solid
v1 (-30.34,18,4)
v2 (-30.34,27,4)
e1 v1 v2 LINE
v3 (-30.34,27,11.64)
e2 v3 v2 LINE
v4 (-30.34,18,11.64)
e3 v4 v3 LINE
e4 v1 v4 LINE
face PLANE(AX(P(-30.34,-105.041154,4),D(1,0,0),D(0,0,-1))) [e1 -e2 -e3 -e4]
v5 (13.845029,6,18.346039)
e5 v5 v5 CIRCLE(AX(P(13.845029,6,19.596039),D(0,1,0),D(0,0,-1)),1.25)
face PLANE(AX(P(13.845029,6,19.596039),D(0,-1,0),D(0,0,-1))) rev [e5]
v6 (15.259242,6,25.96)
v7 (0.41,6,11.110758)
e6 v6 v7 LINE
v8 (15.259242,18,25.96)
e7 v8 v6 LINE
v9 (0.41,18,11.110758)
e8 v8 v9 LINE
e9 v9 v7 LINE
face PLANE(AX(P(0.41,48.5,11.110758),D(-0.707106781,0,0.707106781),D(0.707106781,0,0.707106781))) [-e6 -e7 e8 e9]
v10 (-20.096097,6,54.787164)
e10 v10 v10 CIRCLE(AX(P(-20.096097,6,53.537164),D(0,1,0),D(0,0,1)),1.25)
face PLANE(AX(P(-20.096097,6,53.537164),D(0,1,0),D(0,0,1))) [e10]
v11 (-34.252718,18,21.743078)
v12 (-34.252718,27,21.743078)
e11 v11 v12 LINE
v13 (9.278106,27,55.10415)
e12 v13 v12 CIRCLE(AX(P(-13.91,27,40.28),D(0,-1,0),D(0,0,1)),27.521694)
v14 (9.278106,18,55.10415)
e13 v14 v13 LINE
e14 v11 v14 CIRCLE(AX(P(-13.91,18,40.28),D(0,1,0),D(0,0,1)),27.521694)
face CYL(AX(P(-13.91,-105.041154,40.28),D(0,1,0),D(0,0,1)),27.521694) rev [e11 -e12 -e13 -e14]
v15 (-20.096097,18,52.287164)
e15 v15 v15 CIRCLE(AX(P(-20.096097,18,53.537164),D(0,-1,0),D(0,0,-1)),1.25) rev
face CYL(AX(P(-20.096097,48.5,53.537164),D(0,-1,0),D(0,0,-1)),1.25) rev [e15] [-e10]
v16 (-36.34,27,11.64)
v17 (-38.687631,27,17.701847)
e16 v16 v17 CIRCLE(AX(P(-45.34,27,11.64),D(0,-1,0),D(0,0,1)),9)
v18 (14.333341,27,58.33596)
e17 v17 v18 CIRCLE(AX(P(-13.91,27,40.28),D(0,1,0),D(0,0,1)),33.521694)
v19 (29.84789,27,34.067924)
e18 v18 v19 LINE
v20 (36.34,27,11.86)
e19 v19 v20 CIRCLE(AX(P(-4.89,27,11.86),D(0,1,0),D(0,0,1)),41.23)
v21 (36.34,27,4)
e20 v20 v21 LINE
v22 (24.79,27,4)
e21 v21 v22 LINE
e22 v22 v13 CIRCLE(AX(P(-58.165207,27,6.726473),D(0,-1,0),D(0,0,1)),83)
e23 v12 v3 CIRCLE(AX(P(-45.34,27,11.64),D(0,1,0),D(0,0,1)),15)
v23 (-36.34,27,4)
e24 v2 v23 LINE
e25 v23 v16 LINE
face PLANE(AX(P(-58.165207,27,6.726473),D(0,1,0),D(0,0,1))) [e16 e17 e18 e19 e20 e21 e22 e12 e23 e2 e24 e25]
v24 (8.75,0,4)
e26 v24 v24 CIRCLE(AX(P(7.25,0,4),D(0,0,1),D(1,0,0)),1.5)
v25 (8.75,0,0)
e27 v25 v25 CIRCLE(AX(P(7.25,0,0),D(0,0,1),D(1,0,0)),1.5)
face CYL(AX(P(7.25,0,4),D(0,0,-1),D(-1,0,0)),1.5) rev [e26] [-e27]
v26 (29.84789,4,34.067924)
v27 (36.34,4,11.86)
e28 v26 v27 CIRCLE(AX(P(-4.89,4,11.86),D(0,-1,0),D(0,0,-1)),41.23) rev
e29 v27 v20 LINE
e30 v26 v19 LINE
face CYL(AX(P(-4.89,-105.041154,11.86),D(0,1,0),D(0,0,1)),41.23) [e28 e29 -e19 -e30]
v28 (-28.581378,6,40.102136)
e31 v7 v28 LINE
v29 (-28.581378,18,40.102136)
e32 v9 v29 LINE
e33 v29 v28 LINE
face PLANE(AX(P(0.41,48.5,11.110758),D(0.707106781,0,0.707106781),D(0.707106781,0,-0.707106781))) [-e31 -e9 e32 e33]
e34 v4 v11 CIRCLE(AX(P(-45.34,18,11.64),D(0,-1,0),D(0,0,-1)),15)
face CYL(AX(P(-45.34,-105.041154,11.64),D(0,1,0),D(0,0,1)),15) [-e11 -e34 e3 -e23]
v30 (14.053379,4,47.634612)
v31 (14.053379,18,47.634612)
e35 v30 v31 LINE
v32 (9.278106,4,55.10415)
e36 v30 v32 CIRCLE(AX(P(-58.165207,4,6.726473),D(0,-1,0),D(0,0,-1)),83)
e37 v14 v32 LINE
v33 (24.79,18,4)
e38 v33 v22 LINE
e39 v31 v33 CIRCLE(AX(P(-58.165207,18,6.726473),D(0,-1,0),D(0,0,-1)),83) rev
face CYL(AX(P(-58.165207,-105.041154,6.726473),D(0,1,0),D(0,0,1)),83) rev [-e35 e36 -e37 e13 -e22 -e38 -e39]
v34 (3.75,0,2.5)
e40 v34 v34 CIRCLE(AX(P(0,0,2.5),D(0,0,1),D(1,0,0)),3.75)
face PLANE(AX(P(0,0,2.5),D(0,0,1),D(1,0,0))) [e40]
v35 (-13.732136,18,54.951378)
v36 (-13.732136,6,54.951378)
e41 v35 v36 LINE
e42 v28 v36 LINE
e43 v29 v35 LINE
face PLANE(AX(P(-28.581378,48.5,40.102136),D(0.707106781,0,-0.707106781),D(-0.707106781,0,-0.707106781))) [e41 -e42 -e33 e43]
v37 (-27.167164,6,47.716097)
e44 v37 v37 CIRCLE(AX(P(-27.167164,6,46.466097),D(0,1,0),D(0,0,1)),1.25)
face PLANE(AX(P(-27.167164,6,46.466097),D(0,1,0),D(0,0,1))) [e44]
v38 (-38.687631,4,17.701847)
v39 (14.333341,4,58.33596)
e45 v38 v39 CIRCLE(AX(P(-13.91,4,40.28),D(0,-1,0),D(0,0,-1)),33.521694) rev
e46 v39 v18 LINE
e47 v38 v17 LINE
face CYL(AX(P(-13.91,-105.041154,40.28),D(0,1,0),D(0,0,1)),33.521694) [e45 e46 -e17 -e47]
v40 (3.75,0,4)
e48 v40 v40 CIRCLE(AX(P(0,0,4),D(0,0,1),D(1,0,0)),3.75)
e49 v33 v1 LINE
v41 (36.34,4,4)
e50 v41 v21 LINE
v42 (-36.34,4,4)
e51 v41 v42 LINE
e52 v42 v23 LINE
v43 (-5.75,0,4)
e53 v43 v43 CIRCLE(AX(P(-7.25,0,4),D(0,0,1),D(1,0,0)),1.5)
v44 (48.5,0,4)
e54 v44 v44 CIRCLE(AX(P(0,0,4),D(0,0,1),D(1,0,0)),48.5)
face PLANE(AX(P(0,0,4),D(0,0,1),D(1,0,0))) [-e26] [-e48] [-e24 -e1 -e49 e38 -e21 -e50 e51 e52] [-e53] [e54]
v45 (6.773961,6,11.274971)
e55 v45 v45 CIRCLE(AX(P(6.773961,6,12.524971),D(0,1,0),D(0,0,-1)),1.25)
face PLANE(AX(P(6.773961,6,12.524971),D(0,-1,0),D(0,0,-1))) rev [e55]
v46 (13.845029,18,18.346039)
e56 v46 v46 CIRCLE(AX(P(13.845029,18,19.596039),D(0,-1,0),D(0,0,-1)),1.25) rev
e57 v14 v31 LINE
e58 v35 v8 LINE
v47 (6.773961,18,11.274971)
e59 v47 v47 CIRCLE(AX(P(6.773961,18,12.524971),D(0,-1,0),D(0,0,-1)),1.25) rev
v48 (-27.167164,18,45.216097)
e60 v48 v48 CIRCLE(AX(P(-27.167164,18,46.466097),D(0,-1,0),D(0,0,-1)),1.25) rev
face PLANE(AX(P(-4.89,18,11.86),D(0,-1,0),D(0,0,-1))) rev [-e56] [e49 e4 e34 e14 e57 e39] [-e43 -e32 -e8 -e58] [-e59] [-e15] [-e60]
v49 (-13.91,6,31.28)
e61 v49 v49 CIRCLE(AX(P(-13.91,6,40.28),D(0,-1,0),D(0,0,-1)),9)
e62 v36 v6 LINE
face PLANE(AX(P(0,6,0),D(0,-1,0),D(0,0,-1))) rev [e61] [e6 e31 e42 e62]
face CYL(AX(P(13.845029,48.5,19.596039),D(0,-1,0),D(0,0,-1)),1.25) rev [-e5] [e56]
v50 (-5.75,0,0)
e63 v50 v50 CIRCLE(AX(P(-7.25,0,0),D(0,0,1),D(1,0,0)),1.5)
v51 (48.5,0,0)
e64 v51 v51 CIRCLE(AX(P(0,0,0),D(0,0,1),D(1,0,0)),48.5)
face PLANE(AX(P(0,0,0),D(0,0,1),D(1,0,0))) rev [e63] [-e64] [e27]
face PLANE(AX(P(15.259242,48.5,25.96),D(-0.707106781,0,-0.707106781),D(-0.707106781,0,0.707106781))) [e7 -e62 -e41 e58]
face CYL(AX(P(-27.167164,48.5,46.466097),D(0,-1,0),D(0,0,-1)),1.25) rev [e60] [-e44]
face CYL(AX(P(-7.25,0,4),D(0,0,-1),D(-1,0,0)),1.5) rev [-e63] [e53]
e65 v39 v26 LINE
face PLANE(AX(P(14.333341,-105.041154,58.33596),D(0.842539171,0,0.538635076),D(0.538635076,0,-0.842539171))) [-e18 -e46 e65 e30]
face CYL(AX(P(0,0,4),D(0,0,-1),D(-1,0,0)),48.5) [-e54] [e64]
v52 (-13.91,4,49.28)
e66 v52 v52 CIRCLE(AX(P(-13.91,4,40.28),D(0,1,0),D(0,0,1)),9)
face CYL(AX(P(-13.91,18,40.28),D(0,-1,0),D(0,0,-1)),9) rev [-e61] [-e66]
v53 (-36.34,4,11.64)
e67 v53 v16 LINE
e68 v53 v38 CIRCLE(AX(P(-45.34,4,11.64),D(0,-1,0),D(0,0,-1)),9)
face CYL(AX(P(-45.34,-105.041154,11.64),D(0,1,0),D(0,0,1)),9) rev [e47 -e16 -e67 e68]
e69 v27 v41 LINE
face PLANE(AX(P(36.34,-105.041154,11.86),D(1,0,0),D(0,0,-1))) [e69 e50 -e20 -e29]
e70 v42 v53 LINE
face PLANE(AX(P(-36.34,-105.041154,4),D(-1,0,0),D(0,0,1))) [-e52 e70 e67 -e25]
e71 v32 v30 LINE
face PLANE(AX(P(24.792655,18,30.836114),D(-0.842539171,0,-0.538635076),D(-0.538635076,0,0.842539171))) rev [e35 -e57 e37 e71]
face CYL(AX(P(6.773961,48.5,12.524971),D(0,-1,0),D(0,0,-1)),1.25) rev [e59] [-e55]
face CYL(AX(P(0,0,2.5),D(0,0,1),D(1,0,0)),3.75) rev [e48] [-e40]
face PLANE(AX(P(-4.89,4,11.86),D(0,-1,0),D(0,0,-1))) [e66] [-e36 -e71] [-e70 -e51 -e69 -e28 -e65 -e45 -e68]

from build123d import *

# Parameters (mm, degrees)
SKETCH1_R                       = 48.5
SKETCH1_R_2                     = 1.5
BOSS_EXTRUDE1_DEPTH             = 4
SKETCH2_R                       = 3.75
CUT_EXTRUDE1_DEPTH              = 1.5
BOSS_EXTRUDE2_START             = 4
SKETCH3_R                       = 9
BOSS_EXTRUDE2_DEPTH             = 14
CUT_EXTRUDE2_START              = 6
SKETCH4_R                       = 1.25
CUT_EXTRUDE2_DEPTH              = 91.444646155
BOSS_EXTRUDE3_DEPTH             = 9
BOSS_EXTRUDE3_DIRECTION_2_REACH = 108.638


with BuildPart() as part:
    # Sketch1 → Boss-Extrude1 (new body)
    with BuildSketch(Plane(origin=(0, 0, 0), x_dir=(0, 1, 0), z_dir=(0, 0, 1))):
        with Locations(Location((0, 0, 0), (0, 0, 270))):
            Circle(SKETCH1_R)
        with Locations(Location((0, 7.25, 0), (0, 0, 270))):
            Circle(SKETCH1_R_2, mode=Mode.SUBTRACT)
        with Locations(Location((0, -7.25, 0), (0, 0, 270))):
            Circle(SKETCH1_R_2, mode=Mode.SUBTRACT)
    extrude(amount=BOSS_EXTRUDE1_DEPTH)

    # Sketch2 → Cut-Extrude1 (cut)
    with BuildSketch(Plane.XY.offset(4)):
        Circle(SKETCH2_R)
    extrude(amount=-CUT_EXTRUDE1_DEPTH, mode=Mode.SUBTRACT)

    # Sketch3 → Boss-Extrude2 (add)
    with BuildSketch(Plane(origin=(0, 0, 0), x_dir=(-1, 0, 0), z_dir=(0, 1, 0)).offset(BOSS_EXTRUDE2_START)):
        with BuildLine():
            Line((-30.34, 4), (-30.34, 11.86))
            ThreePointArc((-30.34, 11.86), (-28.924736696, 21.745164753), (-24.792654999, 30.836113728))
            Line((-24.792654999, 30.836113728), (-9.278105641, 55.104149989))
            ThreePointArc((-9.278105641, 55.104149989), (30.651097233, 62.12443475), (34.252718415, 21.743078098))
            ThreePointArc((34.252718415, 21.743078098), (31.352340729, 17.057138369), (30.34, 11.64))
            Line((30.34, 11.64), (30.34, 4))
            Line((30.34, 4), (-30.34, 4))
        make_face()
        with Locations(Location((13.91, 40.28, 0), (0, 0, 90))):
            Circle(SKETCH3_R, mode=Mode.SUBTRACT)
    extrude(amount=BOSS_EXTRUDE2_DEPTH)

    # Sketch4 → Cut-Extrude2 (cut, through all)
    with BuildSketch(Plane(origin=(0, 0, 0), x_dir=(-1, 0, 0), z_dir=(0, 1, 0)).offset(CUT_EXTRUDE2_START)):
        with Locations(Location((20.096096654, 53.537164466, 0), (0, 0, 270))):
            Circle(SKETCH4_R)
        with Locations(Location((27.167164466, 46.466096654, 0), (0, 0, 270))):
            Circle(SKETCH4_R)
        with Locations(Location((-6.773961031, 12.524971157, 0), (0, 0, 270))):
            Circle(SKETCH4_R)
        with Locations(Location((-13.845028843, 19.596038969, 0), (0, 0, 270))):
            Circle(SKETCH4_R)
        Polygon((-0.41, 11.110757595), (28.581378029, 40.102135624), (13.732135624, 54.951378029), (-15.259242405, 25.96), align=None)
    extrude(amount=CUT_EXTRUDE2_DEPTH, mode=Mode.SUBTRACT)

    # Sketch5 → Boss-Extrude3 (add)
    with BuildSketch(Plane(origin=(0, 18, 0), x_dir=(-1, 0, 0), z_dir=(0, 1, 0))):
        with BuildLine():
            Line((36.34, 4), (36.34, 11.64))
            ThreePointArc((36.34, 11.64), (36.947404437, 14.890283021), (38.687631049, 17.701846859))
            ThreePointArc((38.687631049, 17.701846859), (34.300821036, 66.886736311), (-14.333340667, 58.335960445))
            Line((-14.333340667, 58.335960445), (-29.847890025, 34.067924184))
            ThreePointArc((-29.847890025, 34.067924184), (-34.683704058, 23.428701186), (-36.34, 11.86))
            Line((-36.34, 11.86), (-36.34, 4))
            Line((-36.34, 4), (-33.34, 4))
            Line((-33.34, 4), (-30.34, 4))
            Line((-30.34, 4), (-24.79, 4))
            ThreePointArc((-24.79, 4), (-21.256686804, 30.833791886), (-9.278105641, 55.104149989))
            ThreePointArc((-9.278105641, 55.104149989), (30.651097233, 62.12443475), (34.252718415, 21.743078098))
            ThreePointArc((34.252718415, 21.743078098), (31.352340729, 17.057138369), (30.34, 11.64))
            Line((30.34, 11.64), (30.34, 4))
            Line((30.34, 4), (33.34, 4))
            Line((33.34, 4), (36.34, 4))
        make_face()
    extrude(amount=BOSS_EXTRUDE3_DEPTH)

    # Boss-Extrude3 direction 2: up to this face of the body (flat: up to its plane)
    boss_extrude3_direction_2_end = Plane(part.part.faces().sort_by_distance((-6.762869766, 4, 32.000889593))[0])
    # Sketch5 → Boss-Extrude3 direction 2 (add, up to the picked face)
    with BuildSketch(Plane(origin=(0, 18, 0), x_dir=(-1, 0, 0), z_dir=(0, 1, 0)), mode=Mode.PRIVATE) as boss_extrude3_direction_2_sk1:
        with BuildLine():
            Line((36.34, 4), (36.34, 11.64))
            ThreePointArc((36.34, 11.64), (36.947404437, 14.890283021), (38.687631049, 17.701846859))
            ThreePointArc((38.687631049, 17.701846859), (34.300821036, 66.886736311), (-14.333340667, 58.335960445))
            Line((-14.333340667, 58.335960445), (-29.847890025, 34.067924184))
            ThreePointArc((-29.847890025, 34.067924184), (-34.683704058, 23.428701186), (-36.34, 11.86))
            Line((-36.34, 11.86), (-36.34, 4))
            Line((-36.34, 4), (-33.34, 4))
            Line((-33.34, 4), (-30.34, 4))
            Line((-30.34, 4), (-24.79, 4))
            ThreePointArc((-24.79, 4), (-21.256686804, 30.833791886), (-9.278105641, 55.104149989))
            ThreePointArc((-9.278105641, 55.104149989), (30.651097233, 62.12443475), (34.252718415, 21.743078098))
            ThreePointArc((34.252718415, 21.743078098), (31.352340729, 17.057138369), (30.34, 11.64))
            Line((30.34, 11.64), (30.34, 4))
            Line((30.34, 4), (33.34, 4))
            Line((33.34, 4), (36.34, 4))
        make_face()
    boss_extrude3_direction_2_tool1 = split(extrude(boss_extrude3_direction_2_sk1.sketch, amount=-BOSS_EXTRUDE3_DIRECTION_2_REACH, mode=Mode.PRIVATE), bisect_by=boss_extrude3_direction_2_end, keep=Keep.BOTH, mode=Mode.PRIVATE)
    add(boss_extrude3_direction_2_tool1.solids().sort_by(Axis((-35.249588, 18, 7.82), (0, -1, 0)))[0])


solid = part.part
